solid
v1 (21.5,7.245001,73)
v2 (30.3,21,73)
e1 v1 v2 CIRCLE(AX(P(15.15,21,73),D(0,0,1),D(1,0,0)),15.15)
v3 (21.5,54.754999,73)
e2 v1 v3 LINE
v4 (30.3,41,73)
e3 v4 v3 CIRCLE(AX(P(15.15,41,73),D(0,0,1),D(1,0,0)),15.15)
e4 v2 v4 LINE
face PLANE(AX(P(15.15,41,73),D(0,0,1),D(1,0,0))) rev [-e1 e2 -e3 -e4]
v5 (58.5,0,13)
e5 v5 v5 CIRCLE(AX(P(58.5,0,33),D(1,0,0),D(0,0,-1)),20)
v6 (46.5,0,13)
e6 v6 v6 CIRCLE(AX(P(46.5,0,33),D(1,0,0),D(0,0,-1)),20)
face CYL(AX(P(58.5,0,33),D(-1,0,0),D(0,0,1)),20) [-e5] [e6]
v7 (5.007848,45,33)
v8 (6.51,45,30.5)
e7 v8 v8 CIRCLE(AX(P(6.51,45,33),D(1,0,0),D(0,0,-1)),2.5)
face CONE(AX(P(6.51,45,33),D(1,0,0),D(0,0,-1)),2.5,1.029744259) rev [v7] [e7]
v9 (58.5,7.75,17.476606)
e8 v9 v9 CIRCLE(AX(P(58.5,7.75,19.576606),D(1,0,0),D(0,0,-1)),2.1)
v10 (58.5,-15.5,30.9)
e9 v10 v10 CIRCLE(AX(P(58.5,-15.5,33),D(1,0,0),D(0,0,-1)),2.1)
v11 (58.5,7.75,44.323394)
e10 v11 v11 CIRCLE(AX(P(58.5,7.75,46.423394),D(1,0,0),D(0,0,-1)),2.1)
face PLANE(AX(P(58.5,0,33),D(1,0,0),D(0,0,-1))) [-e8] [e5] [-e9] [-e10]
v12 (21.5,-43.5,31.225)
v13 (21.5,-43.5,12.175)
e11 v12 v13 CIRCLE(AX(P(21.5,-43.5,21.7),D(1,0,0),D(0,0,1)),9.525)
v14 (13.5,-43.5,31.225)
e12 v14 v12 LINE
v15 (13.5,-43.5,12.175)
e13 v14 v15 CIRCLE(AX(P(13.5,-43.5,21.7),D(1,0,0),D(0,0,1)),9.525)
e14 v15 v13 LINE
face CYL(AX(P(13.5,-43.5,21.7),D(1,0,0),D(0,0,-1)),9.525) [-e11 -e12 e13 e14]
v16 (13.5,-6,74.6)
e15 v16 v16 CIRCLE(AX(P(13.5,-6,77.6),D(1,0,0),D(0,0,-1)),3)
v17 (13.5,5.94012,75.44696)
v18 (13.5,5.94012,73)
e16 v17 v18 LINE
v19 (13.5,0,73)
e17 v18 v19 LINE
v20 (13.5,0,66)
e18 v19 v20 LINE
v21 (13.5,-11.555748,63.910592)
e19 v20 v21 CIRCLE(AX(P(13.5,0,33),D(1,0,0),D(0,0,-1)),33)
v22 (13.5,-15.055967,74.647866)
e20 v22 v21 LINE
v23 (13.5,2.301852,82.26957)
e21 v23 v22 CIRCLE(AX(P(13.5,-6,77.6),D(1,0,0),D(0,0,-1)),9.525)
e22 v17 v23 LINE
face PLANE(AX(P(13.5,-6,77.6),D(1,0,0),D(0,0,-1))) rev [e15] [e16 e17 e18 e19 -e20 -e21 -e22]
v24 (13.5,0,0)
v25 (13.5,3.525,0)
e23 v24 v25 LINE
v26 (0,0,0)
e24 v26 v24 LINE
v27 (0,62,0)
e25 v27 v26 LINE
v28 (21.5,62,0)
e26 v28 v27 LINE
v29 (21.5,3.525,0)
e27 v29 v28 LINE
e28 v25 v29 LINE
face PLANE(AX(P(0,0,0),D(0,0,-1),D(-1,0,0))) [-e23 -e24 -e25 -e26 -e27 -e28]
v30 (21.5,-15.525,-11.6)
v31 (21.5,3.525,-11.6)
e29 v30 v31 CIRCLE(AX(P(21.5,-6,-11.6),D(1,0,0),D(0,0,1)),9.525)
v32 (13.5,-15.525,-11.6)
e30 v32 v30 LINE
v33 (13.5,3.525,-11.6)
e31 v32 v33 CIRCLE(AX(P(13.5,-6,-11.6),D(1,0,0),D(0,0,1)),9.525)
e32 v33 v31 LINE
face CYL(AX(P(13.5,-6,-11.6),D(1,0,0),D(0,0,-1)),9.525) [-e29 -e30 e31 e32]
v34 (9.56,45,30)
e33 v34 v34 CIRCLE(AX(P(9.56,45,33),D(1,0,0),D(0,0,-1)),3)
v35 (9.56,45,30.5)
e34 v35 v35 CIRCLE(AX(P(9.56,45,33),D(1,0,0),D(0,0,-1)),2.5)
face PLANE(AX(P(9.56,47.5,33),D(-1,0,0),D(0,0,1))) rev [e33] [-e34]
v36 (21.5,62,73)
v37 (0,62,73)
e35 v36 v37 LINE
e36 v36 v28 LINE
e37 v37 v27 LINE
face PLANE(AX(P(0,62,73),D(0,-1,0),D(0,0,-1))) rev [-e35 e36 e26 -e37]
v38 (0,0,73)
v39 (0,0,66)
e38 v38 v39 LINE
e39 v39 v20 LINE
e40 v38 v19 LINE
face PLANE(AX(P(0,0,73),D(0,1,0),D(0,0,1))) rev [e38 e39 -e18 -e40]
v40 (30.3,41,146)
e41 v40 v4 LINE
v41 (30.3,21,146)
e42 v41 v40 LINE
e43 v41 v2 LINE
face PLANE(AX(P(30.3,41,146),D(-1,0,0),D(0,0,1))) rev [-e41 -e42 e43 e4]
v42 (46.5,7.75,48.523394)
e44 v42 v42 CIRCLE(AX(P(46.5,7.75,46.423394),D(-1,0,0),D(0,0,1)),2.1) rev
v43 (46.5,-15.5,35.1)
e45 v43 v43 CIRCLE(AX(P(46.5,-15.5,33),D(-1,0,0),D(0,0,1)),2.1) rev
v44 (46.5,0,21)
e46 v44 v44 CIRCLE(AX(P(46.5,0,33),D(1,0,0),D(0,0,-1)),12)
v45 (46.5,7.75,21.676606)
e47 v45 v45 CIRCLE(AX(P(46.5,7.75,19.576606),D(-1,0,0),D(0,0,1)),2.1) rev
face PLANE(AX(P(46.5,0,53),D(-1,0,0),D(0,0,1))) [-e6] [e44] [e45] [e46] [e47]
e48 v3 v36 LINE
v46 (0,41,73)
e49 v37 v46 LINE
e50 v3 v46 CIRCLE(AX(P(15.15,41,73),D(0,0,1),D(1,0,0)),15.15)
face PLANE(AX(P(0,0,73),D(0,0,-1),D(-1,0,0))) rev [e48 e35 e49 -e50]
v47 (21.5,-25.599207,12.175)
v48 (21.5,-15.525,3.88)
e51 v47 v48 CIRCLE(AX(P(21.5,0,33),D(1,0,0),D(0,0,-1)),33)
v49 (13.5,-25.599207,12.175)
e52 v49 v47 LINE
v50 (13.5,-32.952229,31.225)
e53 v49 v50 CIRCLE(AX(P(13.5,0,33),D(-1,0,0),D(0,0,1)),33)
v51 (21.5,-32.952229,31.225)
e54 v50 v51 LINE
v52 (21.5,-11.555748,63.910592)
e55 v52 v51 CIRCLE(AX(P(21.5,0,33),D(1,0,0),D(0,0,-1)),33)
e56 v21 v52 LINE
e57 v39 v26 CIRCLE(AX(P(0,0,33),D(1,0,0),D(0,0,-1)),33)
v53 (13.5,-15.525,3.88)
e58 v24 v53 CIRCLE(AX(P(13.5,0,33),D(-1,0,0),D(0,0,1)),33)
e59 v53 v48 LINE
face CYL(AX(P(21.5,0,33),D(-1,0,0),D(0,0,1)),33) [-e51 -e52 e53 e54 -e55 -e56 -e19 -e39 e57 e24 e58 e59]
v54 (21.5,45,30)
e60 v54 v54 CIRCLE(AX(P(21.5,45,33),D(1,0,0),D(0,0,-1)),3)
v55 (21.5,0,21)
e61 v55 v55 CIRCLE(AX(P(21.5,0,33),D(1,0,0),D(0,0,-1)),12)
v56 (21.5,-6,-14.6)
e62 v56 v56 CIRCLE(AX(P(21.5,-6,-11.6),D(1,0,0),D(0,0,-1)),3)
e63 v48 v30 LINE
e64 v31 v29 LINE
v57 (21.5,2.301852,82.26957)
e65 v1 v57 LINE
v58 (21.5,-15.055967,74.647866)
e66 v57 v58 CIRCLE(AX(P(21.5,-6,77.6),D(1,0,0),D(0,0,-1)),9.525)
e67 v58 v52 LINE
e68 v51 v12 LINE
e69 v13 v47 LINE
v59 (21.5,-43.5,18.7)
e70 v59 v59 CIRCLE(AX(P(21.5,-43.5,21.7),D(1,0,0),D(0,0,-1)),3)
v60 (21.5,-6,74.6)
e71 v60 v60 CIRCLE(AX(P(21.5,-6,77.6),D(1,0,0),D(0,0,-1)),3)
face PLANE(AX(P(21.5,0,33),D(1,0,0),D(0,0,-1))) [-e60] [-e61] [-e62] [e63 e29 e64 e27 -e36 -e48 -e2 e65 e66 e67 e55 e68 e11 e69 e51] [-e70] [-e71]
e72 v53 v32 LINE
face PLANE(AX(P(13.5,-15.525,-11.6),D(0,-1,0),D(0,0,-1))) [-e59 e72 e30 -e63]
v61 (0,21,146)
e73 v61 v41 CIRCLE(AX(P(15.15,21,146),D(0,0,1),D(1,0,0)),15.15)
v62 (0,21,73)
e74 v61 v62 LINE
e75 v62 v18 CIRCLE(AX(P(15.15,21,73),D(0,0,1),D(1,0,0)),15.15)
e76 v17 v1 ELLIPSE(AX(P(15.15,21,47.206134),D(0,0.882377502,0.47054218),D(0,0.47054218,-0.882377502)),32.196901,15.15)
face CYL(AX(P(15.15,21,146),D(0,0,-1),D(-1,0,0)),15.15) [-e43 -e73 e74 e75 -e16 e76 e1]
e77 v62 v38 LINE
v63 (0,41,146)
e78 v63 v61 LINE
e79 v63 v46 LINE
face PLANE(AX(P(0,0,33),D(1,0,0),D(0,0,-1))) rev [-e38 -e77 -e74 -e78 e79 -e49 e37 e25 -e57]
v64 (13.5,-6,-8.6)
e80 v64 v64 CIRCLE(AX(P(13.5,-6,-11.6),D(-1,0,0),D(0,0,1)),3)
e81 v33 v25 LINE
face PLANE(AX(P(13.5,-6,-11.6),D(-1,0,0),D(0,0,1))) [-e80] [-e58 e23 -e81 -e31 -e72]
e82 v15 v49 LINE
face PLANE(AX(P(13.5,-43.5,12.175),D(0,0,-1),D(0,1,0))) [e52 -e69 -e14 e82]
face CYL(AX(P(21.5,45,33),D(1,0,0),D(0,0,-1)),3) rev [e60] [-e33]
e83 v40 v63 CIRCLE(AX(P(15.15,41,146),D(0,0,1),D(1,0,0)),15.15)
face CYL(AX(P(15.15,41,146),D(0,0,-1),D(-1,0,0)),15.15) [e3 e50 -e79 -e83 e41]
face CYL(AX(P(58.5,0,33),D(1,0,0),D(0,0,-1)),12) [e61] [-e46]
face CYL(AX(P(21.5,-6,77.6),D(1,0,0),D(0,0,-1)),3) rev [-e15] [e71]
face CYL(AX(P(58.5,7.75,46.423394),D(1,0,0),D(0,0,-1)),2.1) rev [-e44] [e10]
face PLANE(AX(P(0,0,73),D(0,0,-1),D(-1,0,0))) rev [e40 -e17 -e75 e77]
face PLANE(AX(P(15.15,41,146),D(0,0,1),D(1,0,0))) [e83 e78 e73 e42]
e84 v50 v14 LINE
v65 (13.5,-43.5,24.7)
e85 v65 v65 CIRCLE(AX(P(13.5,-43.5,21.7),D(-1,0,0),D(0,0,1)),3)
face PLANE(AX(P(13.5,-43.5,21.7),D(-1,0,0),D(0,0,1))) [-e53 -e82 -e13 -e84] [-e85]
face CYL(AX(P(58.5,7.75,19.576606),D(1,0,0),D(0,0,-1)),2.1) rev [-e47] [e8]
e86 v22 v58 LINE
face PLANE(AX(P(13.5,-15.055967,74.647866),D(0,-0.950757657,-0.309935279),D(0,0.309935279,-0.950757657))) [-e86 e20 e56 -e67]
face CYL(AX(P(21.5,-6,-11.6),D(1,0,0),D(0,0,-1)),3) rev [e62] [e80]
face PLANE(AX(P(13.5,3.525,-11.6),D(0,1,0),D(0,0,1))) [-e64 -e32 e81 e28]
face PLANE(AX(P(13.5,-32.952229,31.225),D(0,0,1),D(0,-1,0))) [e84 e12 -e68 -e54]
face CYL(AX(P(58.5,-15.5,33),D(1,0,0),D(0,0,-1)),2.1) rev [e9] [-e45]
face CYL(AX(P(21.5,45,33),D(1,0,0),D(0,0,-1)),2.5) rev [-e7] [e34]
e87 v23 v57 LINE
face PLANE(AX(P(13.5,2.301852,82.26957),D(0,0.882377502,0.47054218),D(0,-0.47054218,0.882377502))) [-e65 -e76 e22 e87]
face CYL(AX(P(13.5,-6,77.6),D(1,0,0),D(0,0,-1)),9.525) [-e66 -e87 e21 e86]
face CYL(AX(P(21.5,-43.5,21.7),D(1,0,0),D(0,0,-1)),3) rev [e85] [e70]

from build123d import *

# Parameters (mm, degrees)
SKETCH1_R                       = 33
BOSS_EXTRUDE1_DEPTH             = 21.5
SKETCH4_R                       = 20
BOSS_EXTRUDE4_DEPTH             = 37
SKETCH6_W                       = 21.5
SKETCH6_H                       = 62
BOSS_EXTRUDE5_DEPTH             = 73
BOSS_EXTRUDE6_DEPTH             = 73
BOSS_EXTRUDE7_DEPTH             = 8
M6X1_0_TAPPED_HOLE1_D           = 5
M6X1_0_TAPPED_HOLE1_DEPTH       = 14.99
M6X1_0_TAPPED_HOLE1_CBORE_D     = 6
M6X1_0_TAPPED_HOLE1_CBORE_DEPTH = 11.94
M6X1_0_TAPPED_HOLE1_TIP         = 1.502151548
M5X0_8_TAPPED_HOLE1_D           = 4.2
M5X0_8_TAPPED_HOLE1_DEPTH       = 12.192
M5X0_8_TAPPED_HOLE1_TIP         = 1.2618073
SKETCH14_W                      = 25
SKETCH14_H                      = 8


with BuildPart() as part:
    # Sketch1 → Boss-Extrude1 (new body)
    with BuildSketch(Plane(origin=(0, 0, 0), x_dir=(0, 0, -1), z_dir=(1, 0, 0))):
        with Locations((-33, 0)):
            Circle(SKETCH1_R)
    extrude(amount=BOSS_EXTRUDE1_DEPTH)

    # Sketch4 → Boss-Extrude4 (add)
    with BuildSketch(Plane(origin=(21.5, 0, 0), x_dir=(0, 0, -1), z_dir=(1, 0, 0))):
        with Locations((-33, 0)):
            Circle(SKETCH4_R)
    extrude(amount=BOSS_EXTRUDE4_DEPTH)

    # Sketch6 → Boss-Extrude5 (add)
    with BuildSketch(Plane.XY):
        with Locations((10.75, 31)):
            Rectangle(SKETCH6_W, SKETCH6_H)
    extrude(amount=BOSS_EXTRUDE5_DEPTH)

    # Sketch7 → Boss-Extrude6 (add)
    with BuildSketch(Plane.XY.offset(73)):
        with BuildLine():
            Line((30.3, 41), (30.3, 21))
            ThreePointArc((30.3, 21), (15.15, 5.85), (0, 21))
            Line((0, 21), (0, 41))
            ThreePointArc((0, 41), (15.15, 56.15), (30.3, 41))
        make_face()
    extrude(amount=BOSS_EXTRUDE6_DEPTH)

    # Sketch9 → Boss-Extrude7 (add)
    with BuildSketch(Plane(origin=(21.5, 0, 0), x_dir=(0, 0, -1), z_dir=(1, 0, 0))):
        with BuildLine():
            Line((11.6, 3.525), (0, 3.525))
            Line((0, 3.525), (-3.880000429, -15.525))
            Line((-3.880000429, -15.525), (11.6, -15.525))
            ThreePointArc((11.6, -15.525), (21.125, -6), (11.6, 3.525))
        make_face()
        with BuildLine():
            Line((-12.175, -43.5), (-12.175, -25.599206531))
            Line((-12.175, -25.599206531), (-31.225, -32.95222868))
            Line((-31.225, -32.95222868), (-31.225, -43.5))
            ThreePointArc((-31.225, -43.5), (-21.7, -53.025), (-12.175, -43.5))
        make_face()
        with BuildLine():
            Line((-82.269569588, 2.301851893), (-73, 7.245000909))
            Line((-73, 7.245000909), (-63.910592017, 7.245000909))
            Line((-63.910592017, 7.245000909), (-63.910592017, -11.555747537))
            Line((-63.910592017, -11.555747537), (-74.647866464, -15.055966684))
            ThreePointArc((-74.647866464, -15.055966684), (-86.321287926, -9.829459741), (-82.269569588, 2.301851893))
        make_face()
    extrude(amount=-BOSS_EXTRUDE7_DEPTH)

    # M6x1.0 Tapped Hole1
    with Locations(Plane(origin=(21.5, 0, 0), x_dir=(0, 0, -1), z_dir=(1, 0, 0))):
        with Locations((-33, 45), (11.6, -6), (-21.7, -43.5), (-77.6, -6)):
            CounterBoreHole(M6X1_0_TAPPED_HOLE1_D / 2, M6X1_0_TAPPED_HOLE1_CBORE_D / 2, M6X1_0_TAPPED_HOLE1_CBORE_DEPTH, depth=M6X1_0_TAPPED_HOLE1_DEPTH)
            with Locations((0, 0, -(M6X1_0_TAPPED_HOLE1_DEPTH + M6X1_0_TAPPED_HOLE1_TIP / 2))):  # 118° drill point
                Cone(0, M6X1_0_TAPPED_HOLE1_D / 2, M6X1_0_TAPPED_HOLE1_TIP, mode=Mode.SUBTRACT)

    # M5x0.8 Tapped Hole1
    with Locations(Plane(origin=(58.5, 0, 0), x_dir=(0, 0, -1), z_dir=(1, 0, 0))):
        with Locations((-19.576606241, 7.75), (-33, -15.5), (-46.423393759, 7.75)):
            Hole(M5X0_8_TAPPED_HOLE1_D / 2, depth=M5X0_8_TAPPED_HOLE1_DEPTH)
            with Locations((0, 0, -(M5X0_8_TAPPED_HOLE1_DEPTH + M5X0_8_TAPPED_HOLE1_TIP / 2))):  # 118° drill point
                Cone(0, M5X0_8_TAPPED_HOLE1_D / 2, M5X0_8_TAPPED_HOLE1_TIP, mode=Mode.SUBTRACT)

    # Sketch14 → Cut-Revolve1 (revolve, cut)
    with BuildSketch(Plane(origin=(0, 0, 0), x_dir=(1, 0, 0), z_dir=(0, 1, 0))):
        with Locations((34, -49)):
            Rectangle(SKETCH14_W, SKETCH14_H)
    revolve(axis=Axis((58.5, 0, 33), (-1, 0, 0)), mode=Mode.SUBTRACT)


solid = part.part
